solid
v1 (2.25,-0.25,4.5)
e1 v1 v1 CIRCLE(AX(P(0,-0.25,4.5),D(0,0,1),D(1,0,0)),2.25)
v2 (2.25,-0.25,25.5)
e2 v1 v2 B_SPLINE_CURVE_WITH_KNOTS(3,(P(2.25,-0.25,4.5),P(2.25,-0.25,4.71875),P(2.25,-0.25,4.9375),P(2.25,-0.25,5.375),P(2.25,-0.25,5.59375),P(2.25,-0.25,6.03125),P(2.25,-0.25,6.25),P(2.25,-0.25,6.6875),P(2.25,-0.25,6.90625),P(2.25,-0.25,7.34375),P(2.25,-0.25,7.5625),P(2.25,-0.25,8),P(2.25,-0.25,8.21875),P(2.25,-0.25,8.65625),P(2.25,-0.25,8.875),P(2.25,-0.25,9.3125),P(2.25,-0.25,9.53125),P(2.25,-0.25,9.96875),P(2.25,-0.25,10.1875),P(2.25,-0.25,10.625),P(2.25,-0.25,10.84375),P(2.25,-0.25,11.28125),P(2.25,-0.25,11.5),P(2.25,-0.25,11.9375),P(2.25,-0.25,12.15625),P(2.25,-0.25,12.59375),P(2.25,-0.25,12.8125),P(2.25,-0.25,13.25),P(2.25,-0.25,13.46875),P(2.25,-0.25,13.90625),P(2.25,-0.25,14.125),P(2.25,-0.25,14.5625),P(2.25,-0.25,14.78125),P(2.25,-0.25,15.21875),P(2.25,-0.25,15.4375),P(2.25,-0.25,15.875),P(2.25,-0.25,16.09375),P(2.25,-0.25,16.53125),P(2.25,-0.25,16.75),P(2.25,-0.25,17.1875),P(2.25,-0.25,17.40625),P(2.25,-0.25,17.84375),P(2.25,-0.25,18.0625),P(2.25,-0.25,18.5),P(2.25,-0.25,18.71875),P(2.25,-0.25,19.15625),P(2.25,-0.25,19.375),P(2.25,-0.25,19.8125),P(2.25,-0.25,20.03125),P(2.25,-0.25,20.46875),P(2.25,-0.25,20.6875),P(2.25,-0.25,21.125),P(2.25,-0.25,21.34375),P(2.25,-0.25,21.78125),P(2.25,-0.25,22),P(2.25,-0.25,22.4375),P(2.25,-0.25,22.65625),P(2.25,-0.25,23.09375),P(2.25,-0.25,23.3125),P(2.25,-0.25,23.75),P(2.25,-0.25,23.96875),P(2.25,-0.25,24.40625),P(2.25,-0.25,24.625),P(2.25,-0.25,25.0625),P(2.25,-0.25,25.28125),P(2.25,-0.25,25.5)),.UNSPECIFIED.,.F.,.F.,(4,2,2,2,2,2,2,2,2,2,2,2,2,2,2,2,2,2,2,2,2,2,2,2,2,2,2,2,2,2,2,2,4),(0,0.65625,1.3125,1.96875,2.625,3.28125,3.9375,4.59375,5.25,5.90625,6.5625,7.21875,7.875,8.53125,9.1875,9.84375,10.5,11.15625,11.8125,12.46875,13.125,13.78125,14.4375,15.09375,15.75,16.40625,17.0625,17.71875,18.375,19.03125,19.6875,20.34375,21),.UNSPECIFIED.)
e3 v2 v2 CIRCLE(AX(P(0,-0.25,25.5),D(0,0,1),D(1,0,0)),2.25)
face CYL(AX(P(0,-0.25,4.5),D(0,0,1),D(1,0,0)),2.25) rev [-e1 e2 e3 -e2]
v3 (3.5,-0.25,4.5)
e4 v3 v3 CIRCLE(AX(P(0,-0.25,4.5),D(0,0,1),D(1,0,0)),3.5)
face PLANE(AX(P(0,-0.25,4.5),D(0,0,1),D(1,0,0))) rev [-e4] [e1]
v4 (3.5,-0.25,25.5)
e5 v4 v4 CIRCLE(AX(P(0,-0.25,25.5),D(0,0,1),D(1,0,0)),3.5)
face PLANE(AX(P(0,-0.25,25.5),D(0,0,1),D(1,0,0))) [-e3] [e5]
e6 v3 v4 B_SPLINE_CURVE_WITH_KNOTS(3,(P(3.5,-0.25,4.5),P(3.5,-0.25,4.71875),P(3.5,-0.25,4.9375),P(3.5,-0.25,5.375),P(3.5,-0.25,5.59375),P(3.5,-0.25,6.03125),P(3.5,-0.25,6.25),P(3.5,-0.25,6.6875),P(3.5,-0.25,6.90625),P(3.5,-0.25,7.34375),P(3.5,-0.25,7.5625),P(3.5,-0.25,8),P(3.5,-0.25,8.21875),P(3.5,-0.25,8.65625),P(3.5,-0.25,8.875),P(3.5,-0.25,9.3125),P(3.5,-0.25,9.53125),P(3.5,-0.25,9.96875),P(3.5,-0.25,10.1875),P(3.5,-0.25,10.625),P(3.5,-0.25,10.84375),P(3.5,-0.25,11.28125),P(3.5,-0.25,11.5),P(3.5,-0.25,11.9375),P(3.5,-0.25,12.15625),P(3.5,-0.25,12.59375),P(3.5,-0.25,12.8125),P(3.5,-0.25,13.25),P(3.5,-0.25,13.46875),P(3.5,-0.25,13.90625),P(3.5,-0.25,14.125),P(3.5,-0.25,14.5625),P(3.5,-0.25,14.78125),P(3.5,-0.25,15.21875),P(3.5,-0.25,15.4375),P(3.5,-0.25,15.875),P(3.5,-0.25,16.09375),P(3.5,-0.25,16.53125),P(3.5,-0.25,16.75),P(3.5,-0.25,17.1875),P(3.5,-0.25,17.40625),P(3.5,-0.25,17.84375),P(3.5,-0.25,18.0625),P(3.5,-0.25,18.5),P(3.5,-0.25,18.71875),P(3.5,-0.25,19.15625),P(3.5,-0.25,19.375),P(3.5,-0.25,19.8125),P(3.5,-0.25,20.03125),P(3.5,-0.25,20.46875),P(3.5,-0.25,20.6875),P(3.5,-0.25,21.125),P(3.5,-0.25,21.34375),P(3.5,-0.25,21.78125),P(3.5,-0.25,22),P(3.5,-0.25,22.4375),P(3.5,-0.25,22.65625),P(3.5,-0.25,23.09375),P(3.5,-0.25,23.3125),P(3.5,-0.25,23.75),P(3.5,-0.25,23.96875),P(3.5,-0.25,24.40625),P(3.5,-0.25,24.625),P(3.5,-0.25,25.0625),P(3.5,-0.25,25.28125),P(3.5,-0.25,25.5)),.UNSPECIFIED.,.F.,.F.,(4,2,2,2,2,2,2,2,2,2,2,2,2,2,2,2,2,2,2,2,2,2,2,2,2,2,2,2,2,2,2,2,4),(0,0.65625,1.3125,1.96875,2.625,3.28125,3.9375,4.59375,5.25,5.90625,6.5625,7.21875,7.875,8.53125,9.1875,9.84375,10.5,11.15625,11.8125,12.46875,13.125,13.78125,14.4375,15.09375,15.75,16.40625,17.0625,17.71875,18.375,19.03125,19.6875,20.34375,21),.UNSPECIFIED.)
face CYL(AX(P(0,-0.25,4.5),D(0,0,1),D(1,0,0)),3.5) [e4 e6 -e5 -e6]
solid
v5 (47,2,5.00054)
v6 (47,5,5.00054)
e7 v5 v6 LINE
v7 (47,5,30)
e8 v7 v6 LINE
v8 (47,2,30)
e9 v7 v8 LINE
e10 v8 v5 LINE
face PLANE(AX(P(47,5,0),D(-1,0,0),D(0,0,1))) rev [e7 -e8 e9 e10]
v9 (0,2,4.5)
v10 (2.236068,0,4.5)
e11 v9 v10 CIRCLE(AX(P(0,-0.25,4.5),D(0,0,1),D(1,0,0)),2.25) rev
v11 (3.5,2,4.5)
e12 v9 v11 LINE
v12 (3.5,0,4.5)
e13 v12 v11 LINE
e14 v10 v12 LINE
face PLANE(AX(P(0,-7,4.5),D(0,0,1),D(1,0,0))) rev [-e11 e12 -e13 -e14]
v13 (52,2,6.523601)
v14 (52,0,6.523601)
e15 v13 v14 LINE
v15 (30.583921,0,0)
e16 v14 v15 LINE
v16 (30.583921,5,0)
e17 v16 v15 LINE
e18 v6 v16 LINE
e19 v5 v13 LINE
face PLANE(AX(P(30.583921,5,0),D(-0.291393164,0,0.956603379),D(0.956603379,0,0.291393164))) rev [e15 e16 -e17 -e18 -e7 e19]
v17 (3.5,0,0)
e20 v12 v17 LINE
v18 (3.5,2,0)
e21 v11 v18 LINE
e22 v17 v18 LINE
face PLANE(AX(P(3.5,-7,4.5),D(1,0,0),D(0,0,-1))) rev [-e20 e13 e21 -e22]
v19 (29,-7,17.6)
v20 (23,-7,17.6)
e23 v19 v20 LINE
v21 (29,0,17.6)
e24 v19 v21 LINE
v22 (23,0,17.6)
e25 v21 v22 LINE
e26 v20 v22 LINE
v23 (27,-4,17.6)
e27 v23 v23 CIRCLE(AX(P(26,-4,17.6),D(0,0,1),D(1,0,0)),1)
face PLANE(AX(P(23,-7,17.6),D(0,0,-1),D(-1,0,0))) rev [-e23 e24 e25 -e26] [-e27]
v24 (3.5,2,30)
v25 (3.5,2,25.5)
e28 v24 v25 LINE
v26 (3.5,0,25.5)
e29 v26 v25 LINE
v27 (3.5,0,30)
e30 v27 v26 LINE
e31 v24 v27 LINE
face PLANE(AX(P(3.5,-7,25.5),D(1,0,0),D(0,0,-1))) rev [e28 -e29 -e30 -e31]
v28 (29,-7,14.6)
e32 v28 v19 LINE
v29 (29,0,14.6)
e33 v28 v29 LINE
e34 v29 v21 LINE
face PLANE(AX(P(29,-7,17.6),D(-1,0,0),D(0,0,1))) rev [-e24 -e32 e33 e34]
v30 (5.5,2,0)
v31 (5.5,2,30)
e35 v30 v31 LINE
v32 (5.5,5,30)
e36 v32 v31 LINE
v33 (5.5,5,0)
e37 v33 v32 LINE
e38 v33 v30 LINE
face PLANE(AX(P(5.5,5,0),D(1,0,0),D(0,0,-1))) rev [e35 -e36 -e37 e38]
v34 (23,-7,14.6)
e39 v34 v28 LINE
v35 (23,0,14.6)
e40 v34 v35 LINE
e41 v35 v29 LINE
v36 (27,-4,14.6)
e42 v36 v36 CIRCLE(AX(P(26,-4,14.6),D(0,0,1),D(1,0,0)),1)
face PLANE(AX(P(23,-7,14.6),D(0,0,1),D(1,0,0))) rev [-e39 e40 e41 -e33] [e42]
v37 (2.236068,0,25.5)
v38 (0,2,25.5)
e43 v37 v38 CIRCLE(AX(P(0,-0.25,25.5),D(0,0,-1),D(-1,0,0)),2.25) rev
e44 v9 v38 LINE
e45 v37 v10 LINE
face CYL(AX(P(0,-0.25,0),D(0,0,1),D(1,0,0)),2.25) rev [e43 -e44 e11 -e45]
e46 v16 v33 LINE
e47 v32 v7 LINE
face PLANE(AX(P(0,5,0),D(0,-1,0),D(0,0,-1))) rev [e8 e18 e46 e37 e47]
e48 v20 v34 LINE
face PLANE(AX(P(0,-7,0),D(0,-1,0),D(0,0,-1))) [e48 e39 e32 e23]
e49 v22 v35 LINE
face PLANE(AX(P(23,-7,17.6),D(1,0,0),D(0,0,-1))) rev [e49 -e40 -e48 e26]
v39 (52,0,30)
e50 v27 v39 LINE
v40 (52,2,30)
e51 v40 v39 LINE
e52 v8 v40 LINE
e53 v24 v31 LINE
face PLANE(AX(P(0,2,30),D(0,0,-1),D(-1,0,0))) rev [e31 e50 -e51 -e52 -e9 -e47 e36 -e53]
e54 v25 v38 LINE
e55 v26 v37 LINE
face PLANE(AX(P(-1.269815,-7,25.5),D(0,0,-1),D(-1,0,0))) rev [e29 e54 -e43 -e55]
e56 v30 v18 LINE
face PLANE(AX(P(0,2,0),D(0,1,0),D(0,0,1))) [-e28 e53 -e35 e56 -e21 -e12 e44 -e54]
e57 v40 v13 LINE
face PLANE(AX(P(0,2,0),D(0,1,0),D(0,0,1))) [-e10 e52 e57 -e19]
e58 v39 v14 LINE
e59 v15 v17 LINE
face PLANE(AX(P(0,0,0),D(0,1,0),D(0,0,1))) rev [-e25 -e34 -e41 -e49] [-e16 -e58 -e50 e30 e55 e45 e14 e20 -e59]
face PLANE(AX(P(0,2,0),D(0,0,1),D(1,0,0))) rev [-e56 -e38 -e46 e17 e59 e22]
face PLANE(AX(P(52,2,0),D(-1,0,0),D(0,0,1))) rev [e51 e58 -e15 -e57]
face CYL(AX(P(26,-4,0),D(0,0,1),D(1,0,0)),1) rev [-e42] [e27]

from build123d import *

# Parameters (mm, degrees)
SKETCH1_W                = 52
SKETCH1_H                = 30
BOSS_EXTRUDE1_DEPTH      = 2
SKETCH3_W                = 6
SKETCH3_H                = 3
BOSS_EXTRUDE3_DEPTH      = 7
SKETCH4_R                = 1
CUT_EXTRUDE1_DEPTH       = 56.342208124
BOSS_EXTRUDE4_DEPTH      = 10.5
BOSS_EXTRUDE4_DEPTH_BACK = 10.5
SKETCH5_R                = 3.5
SKETCH5_R_2              = 2.25
SKETCH6_R                = 2.25
CUT_EXTRUDE2_DEPTH       = 61.440052945
SKETCH7_W                = 4.769814724
SKETCH7_H                = 4.854263269
SKETCH7_W_2              = 3.5
SKETCH7_H_2              = 7.262003205
CUT_EXTRUDE3_DEPTH       = 61.704200843
SKETCH8_W                = 41.5
SKETCH8_H                = 30
BOSS_EXTRUDE5_DEPTH      = 3
CUT_EXTRUDE4_DEPTH       = 61.440052945


with BuildPart() as part:
    # Sketch1 → Boss-Extrude1 (new body)
    with BuildSketch(Plane(origin=(0, 0, 0), x_dir=(1, 0, 0), z_dir=(0, 1, 0))):
        with Locations((26, -15)):
            Rectangle(SKETCH1_W, SKETCH1_H)
    extrude(amount=BOSS_EXTRUDE1_DEPTH)

    # Sketch3 → Boss-Extrude3 (add)
    with BuildSketch(Plane.XZ):
        with Locations((26, 16.1)):
            Rectangle(SKETCH3_W, SKETCH3_H)
    extrude(amount=BOSS_EXTRUDE3_DEPTH)

    # Sketch4 → Cut-Extrude1 (cut, through all)
    with BuildSketch(Plane.XY.offset(17.6)):
        with Locations((26, -4)):
            Circle(SKETCH4_R)
    extrude(amount=-CUT_EXTRUDE1_DEPTH, mode=Mode.SUBTRACT)

    # Sketch6 → Cut-Extrude2 (cut, through all)
    with BuildSketch(Plane.XY.offset(30)):
        with Locations((0, -0.25)):
            Circle(SKETCH6_R)
    extrude(amount=-CUT_EXTRUDE2_DEPTH, mode=Mode.SUBTRACT)

    # Sketch7 → Cut-Extrude3 (cut, through all)
    with BuildSketch(Plane(origin=(0, 2, 0), x_dir=(1, 0, 0), z_dir=(0, 1, 0))):
        with Locations((1.115092638, -27.927131635)):
            Rectangle(SKETCH7_W, SKETCH7_H)
        with Locations((1.75, -0.868998397)):
            Rectangle(SKETCH7_W_2, SKETCH7_H_2)
    extrude(amount=-CUT_EXTRUDE3_DEPTH, mode=Mode.SUBTRACT)

    # Sketch8 → Boss-Extrude5 (add)
    with BuildSketch(Plane(origin=(0, 2, 0), x_dir=(1, 0, 0), z_dir=(0, 1, 0))):
        with Locations((26.25, -15)):
            Rectangle(SKETCH8_W, SKETCH8_H)
    extrude(amount=BOSS_EXTRUDE5_DEPTH)

    # Sketch9 → Cut-Extrude4 (cut, through all)
    with BuildSketch(Plane.XZ):
        Polygon((30.583920936, 0), (52, 6.523601303), (52, -3.845596105), (30.583920936, -3.845596105), align=None)
    extrude(amount=-CUT_EXTRUDE4_DEPTH, mode=Mode.SUBTRACT)


with BuildPart() as body_2:
    # Sketch5 → Boss-Extrude4 (new, two sides: drawn at the far end of the back side and taken through both)
    with BuildSketch(Plane.XY.offset(15).offset(-BOSS_EXTRUDE4_DEPTH_BACK)):
        with Locations((0, -0.25)):
            Circle(SKETCH5_R)
        with Locations((0, -0.25)):
            Circle(SKETCH5_R_2, mode=Mode.SUBTRACT)
    extrude(amount=BOSS_EXTRUDE4_DEPTH + BOSS_EXTRUDE4_DEPTH_BACK)


solid = Compound([part.part, body_2.part])
